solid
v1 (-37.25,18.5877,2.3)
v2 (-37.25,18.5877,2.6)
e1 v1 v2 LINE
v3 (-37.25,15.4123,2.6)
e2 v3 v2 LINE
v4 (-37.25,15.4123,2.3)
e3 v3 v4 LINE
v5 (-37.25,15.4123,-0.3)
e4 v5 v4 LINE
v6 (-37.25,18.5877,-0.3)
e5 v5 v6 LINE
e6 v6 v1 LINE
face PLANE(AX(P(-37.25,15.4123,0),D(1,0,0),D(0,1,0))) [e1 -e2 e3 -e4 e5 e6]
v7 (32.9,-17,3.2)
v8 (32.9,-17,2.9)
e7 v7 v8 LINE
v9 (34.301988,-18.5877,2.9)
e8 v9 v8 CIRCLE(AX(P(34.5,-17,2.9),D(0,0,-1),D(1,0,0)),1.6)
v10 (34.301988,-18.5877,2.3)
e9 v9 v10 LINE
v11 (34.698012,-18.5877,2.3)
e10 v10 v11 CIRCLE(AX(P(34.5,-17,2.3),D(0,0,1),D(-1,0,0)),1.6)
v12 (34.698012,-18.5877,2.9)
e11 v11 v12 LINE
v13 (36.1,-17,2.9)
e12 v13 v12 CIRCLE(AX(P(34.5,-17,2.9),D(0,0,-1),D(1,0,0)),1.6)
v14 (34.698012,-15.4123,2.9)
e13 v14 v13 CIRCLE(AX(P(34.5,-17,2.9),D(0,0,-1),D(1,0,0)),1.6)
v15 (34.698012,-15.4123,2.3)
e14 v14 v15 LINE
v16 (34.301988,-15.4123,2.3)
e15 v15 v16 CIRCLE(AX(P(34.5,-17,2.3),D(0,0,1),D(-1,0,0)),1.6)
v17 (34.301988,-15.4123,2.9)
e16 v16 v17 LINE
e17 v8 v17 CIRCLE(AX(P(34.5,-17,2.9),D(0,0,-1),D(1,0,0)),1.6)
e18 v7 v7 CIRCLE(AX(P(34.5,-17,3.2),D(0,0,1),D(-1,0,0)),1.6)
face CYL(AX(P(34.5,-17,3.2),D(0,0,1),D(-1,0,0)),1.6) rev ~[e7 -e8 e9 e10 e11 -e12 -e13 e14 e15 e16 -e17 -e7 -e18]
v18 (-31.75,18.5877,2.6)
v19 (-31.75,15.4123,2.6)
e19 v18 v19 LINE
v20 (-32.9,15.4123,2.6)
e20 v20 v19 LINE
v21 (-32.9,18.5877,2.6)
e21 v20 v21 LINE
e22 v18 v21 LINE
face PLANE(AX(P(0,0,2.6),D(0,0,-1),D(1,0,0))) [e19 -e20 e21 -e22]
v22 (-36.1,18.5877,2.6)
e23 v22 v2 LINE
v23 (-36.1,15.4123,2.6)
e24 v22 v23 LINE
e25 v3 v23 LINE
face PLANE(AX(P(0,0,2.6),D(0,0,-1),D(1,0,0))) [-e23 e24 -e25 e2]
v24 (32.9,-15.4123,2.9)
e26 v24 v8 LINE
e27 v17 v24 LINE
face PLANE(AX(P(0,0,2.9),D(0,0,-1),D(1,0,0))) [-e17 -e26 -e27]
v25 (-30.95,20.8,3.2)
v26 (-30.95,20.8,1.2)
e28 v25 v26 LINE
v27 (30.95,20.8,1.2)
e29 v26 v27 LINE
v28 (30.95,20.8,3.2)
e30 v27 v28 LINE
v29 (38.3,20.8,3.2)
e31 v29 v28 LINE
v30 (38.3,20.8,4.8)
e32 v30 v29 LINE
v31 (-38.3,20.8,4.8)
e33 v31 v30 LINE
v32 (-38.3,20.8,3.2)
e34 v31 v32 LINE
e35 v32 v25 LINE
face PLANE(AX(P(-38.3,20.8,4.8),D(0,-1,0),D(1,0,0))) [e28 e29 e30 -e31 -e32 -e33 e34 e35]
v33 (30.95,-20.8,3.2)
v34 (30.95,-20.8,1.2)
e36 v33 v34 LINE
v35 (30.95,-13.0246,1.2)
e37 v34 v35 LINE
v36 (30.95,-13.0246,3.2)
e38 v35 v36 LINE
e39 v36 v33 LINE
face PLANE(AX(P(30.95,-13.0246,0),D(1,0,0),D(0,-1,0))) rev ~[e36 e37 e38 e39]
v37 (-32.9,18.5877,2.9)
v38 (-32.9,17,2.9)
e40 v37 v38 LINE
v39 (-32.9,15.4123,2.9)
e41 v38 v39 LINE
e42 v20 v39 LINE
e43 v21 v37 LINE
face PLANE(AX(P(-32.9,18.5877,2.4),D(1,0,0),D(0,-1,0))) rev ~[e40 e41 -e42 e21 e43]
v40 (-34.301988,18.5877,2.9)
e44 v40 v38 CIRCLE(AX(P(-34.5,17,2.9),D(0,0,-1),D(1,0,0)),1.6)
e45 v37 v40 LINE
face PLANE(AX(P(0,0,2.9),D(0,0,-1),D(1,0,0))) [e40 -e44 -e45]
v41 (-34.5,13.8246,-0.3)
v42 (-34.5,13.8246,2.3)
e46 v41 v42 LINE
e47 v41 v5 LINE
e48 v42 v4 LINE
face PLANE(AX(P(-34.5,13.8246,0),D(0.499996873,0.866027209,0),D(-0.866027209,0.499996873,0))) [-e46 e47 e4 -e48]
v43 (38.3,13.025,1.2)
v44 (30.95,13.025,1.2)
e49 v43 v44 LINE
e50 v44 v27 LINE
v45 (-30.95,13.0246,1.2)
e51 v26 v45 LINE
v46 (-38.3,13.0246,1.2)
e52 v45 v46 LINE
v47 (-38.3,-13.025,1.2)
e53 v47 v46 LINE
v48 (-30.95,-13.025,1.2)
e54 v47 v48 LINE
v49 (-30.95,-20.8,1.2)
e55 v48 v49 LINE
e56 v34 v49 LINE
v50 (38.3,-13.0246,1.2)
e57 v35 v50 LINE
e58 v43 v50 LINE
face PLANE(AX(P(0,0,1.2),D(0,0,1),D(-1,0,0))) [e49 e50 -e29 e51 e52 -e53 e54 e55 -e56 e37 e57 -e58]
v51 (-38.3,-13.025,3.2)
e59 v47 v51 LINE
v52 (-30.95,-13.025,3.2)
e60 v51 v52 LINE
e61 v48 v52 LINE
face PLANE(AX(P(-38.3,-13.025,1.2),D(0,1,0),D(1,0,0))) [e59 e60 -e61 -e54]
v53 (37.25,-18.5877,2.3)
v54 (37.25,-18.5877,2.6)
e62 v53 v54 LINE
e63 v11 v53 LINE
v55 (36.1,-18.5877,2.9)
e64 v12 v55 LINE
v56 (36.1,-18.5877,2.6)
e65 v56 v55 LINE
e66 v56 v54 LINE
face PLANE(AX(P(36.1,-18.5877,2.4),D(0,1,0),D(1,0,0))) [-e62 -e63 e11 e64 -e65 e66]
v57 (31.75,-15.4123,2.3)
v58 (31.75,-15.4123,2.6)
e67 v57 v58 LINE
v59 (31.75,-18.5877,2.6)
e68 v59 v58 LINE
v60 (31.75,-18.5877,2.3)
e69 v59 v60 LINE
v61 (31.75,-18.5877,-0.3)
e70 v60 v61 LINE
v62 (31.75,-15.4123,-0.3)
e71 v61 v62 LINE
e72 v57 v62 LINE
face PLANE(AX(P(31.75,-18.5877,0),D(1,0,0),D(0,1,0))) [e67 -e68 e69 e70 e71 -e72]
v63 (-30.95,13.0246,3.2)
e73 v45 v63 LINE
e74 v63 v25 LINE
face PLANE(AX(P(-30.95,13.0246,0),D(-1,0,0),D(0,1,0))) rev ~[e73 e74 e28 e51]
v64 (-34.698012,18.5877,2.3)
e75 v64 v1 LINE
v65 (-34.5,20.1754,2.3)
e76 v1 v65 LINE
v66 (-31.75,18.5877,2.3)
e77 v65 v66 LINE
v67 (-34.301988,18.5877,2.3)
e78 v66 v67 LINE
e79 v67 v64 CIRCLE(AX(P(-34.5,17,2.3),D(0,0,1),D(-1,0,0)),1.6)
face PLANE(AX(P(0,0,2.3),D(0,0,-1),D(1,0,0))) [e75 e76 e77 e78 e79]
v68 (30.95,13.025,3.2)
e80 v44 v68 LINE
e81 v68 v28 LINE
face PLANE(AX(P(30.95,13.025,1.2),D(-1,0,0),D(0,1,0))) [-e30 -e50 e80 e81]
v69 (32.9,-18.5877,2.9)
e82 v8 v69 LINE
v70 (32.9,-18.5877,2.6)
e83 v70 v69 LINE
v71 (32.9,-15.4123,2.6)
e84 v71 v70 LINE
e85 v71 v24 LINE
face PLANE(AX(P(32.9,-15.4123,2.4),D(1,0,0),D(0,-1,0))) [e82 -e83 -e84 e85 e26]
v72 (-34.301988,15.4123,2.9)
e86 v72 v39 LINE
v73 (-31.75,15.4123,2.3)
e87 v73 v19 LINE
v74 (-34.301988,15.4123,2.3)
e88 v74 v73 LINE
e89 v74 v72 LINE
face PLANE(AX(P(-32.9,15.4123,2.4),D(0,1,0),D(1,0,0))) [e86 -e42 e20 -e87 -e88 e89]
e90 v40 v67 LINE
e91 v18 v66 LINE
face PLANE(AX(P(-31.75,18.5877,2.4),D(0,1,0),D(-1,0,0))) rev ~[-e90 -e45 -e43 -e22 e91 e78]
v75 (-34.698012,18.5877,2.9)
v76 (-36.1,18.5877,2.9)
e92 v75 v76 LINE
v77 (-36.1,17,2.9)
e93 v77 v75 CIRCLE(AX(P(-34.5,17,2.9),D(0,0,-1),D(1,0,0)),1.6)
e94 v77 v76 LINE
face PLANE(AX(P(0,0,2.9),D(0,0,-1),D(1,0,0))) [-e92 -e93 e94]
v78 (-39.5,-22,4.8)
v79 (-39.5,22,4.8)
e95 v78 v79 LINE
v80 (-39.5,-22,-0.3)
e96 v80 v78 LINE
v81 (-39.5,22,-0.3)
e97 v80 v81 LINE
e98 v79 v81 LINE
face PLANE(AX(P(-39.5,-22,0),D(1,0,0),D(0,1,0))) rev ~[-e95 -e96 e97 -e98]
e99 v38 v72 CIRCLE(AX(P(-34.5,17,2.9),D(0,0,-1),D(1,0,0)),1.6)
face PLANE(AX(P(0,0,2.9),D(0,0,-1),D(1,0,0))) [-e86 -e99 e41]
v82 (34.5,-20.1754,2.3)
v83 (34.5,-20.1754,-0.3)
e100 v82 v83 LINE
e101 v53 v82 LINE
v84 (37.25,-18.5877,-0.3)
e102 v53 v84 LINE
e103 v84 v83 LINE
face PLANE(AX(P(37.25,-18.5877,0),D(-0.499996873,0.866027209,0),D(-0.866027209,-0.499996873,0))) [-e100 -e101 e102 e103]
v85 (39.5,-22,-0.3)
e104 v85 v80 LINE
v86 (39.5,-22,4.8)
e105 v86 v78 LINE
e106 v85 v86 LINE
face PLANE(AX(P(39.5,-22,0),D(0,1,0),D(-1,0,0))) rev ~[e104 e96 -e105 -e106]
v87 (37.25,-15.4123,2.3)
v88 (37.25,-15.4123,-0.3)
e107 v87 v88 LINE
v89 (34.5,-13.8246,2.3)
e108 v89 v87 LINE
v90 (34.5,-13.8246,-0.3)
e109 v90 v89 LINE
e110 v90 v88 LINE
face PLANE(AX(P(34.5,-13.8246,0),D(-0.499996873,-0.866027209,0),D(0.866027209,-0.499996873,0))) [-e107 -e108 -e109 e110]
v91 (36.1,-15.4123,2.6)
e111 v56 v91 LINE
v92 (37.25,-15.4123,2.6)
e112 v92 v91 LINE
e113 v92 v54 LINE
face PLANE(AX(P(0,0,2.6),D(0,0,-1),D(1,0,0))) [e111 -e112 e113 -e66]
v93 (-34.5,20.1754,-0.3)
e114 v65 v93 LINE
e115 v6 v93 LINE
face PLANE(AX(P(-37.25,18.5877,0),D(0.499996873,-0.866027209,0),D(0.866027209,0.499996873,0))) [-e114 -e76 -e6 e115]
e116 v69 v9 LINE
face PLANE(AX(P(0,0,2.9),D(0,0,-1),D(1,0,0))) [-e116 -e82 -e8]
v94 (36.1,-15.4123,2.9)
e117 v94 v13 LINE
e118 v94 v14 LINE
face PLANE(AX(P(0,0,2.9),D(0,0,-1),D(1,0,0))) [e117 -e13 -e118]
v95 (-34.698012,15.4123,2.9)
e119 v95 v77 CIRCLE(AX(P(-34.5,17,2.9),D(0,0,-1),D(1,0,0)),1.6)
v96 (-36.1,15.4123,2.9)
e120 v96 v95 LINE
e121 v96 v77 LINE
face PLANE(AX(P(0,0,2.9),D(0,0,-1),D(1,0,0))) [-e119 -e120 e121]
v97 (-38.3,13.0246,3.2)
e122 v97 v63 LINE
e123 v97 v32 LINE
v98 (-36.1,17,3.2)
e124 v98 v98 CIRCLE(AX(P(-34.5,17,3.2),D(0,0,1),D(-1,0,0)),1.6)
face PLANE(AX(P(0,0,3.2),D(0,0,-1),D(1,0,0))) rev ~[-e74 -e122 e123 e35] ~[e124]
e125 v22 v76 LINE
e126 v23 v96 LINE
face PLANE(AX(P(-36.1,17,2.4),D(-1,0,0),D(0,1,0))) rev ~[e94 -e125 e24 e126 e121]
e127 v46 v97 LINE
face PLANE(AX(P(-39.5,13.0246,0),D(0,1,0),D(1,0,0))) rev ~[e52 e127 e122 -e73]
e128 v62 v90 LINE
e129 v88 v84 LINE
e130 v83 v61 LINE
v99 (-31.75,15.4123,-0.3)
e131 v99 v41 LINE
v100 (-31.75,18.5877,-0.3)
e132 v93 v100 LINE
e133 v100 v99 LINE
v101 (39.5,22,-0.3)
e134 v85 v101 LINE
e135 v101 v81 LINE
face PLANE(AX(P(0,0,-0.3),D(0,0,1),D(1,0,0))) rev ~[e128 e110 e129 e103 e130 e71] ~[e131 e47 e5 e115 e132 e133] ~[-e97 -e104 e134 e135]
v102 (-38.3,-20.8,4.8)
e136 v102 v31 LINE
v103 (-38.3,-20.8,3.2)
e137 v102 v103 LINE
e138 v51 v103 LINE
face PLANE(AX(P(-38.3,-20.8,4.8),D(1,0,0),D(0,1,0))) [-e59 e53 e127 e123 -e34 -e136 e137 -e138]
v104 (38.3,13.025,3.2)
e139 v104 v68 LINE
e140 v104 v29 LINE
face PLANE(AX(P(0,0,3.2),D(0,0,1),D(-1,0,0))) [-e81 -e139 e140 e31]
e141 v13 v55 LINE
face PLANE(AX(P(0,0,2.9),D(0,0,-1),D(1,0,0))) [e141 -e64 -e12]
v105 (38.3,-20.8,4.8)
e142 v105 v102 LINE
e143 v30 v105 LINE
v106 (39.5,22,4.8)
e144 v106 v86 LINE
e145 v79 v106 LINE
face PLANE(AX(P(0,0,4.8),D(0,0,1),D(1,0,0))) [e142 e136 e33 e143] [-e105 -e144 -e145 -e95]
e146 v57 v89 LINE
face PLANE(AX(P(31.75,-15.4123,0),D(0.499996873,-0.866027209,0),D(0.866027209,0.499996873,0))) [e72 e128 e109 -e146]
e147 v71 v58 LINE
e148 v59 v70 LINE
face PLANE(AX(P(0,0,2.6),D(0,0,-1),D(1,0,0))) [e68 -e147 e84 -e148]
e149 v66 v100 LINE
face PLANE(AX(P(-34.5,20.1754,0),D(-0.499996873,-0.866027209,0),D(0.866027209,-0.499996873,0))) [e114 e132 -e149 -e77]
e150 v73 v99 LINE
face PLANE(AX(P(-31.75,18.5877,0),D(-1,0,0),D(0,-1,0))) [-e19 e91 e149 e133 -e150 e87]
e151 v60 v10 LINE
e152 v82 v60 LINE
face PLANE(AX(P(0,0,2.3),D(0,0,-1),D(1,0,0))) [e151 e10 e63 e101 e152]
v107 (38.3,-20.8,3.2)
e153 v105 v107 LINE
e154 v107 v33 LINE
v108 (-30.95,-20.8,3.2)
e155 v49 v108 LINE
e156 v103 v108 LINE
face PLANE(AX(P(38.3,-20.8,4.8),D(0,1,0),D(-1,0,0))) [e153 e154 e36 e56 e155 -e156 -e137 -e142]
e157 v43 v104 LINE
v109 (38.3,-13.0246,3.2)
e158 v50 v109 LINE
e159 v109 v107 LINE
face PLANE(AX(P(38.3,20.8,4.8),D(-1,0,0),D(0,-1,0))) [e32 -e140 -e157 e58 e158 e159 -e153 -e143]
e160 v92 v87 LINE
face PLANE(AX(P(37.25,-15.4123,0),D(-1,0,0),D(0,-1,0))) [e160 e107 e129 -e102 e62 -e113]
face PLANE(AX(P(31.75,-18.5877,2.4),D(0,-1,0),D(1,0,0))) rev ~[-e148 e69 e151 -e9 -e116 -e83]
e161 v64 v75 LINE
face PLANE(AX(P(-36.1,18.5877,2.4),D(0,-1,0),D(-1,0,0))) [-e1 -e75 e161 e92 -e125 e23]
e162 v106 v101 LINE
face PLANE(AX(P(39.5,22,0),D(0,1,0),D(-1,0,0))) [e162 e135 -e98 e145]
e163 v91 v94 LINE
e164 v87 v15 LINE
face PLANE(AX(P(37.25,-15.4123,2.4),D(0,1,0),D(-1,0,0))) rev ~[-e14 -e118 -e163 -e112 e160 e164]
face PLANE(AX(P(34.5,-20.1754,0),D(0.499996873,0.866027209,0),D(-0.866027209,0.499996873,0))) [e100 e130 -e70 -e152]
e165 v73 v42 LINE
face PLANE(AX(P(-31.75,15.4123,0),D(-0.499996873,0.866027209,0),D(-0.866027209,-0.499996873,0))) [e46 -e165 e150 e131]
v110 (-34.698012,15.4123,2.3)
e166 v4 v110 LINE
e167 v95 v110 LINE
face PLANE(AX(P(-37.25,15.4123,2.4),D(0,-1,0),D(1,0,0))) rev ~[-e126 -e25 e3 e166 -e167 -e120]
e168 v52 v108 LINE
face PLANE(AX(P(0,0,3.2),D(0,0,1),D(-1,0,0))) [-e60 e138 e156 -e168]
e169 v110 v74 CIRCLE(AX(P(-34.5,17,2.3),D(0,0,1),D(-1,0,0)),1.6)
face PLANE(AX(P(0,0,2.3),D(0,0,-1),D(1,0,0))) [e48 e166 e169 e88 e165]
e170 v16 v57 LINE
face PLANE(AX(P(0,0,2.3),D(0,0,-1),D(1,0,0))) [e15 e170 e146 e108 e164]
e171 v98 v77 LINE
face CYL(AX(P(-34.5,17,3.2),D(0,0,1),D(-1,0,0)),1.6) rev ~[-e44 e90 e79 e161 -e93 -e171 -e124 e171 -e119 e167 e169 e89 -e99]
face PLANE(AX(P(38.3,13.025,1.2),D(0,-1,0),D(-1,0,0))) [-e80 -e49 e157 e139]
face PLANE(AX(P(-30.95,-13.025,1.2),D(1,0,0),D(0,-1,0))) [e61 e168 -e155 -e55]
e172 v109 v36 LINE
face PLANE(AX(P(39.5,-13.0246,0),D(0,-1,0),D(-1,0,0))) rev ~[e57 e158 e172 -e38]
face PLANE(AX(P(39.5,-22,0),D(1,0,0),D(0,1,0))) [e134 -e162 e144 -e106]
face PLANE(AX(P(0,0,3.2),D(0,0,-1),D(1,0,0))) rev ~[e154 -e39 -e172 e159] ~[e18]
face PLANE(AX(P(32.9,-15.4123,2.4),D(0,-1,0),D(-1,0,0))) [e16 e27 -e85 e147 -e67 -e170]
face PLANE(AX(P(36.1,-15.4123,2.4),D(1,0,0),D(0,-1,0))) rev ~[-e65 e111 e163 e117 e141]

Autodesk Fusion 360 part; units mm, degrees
sketch "Sketch1" plane through (0, 0, 0) normal (0, 0, 1) x (1, 0, 0)
  line L0 (-39.5, 22) -> (39.5, 22)
  line L1 (39.5, 22) -> (39.5, -22)
  line L2 (39.5, -22) -> (-39.5, -22)
  line L3 (-39.5, -22) -> (-39.5, 22)
  dimension "d1" = 79
  dimension "d2" = 44
  dimension "d3" = 39.5
  dimension "d4" = 22
extrude "Extrude1" add sketch "Sketch1" along normal blind 4.8
sketch "Sketch2" plane through (0, 0, 4.8) normal (0, 0, 1) x (-1, 0, 0)
  line L0 (39.5, 22) -> (-39.5, 22)
  line L1 (-39.5, 22) -> (-39.5, -22)
  line L2 (-39.5, -22) -> (39.5, -22)
  line L3 (39.5, -22) -> (39.5, 22)
  line L4 (38.3, -20.8) -> (-38.3, -20.8)
  line L5 (-38.3, -20.8) -> (-38.3, 20.8)
  line L6 (-38.3, 20.8) -> (38.3, 20.8)
  line L7 (38.3, 20.8) -> (38.3, -20.8)
  dimension "d7" = 76.6
  dimension "d8" = 41.6
  dimension "d9" = 1.2
  dimension "d10" = 1.2
extrude "Extrude2" cut sketch "Sketch2" against normal blind 3.6 contours L4 L5 L6 L7
sketch "Sketch3" plane through (0, 0, 1.2) normal (0, 0, 1) x (-1, 0, 0)
  line L0 (38.3, 20.8) -> (-38.3, 20.8)
  line L1 (-38.3, 20.8) -> (-38.3, -20.8)
  line L2 (-38.3, -20.8) -> (38.3, -20.8)
  line L3 (38.3, -20.8) -> (38.3, 20.8)
  circle A0 centre (-32.9, -15.4) radius 3.25
  line L4 (39.5, -22) -> (-39.5, -22)
  line L5 (-39.5, -22) -> (-39.5, 22)
  line L6 (39.5, 22) -> (39.5, -22)
  line L7 (-39.5, 22) -> (39.5, 22)
  circle A1 centre (32.9, 15.4) radius 3.25
  line L8 (39.5, 22) -> (39.5, -22)
  line L9 (-39.5, 22) -> (39.5, 22)
  dimension "d13" = 6.5
  dimension "d14" = 6.6
  dimension "d15" = 6.6
  dimension "d29" = 6.5
  dimension "d30" = 6.6
  dimension "d31" = 6.6
sketch "Sketch5" plane through (0, 0, 1.2) normal (0, 0, 1) x (1, 0, 0)
extrude "Extrude4" add sketch "Sketch3" along normal blind 2 contours A1
extrude "Extrude5" cut 1 faces at (-34.1709, -16.2087, 3.2) along direction (0, 0, -1) blind 2
sketch "Sketch6" plane through (0, 0, 0) normal (0, 0, -1) x (1, 0, 0)
  line L0 (39.5, 22) -> (-39.5, 22)
  line L1 (-39.5, 22) -> (-39.5, -22)
  line L2 (-39.5, -22) -> (39.5, -22)
  line L3 (39.5, -22) -> (39.5, 22)
  line L4 (-31.75, 15.4123) -> (-31.75, 18.5877)
  line L5 (-31.75, 18.5877) -> (-34.5, 20.1754)
  line L6 (-34.5, 20.1754) -> (-37.25, 18.5877)
  line L7 (-37.25, 18.5877) -> (-37.25, 15.4123)
  line L8 (-37.25, 15.4123) -> (-34.5, 13.8246)
  line L9 (-34.5, 13.8246) -> (-31.75, 15.4123)
  line L10 (-31.35, 22) -> (-31.35, 13.4246)
  line L11 (-31.35, 13.4246) -> (-39.5, 13.4246)
  point P0 (-34.5, 17)
  dimension "d36" = 2.75
  dimension "d37" = 5
  dimension "d38" = 5
  dimension "d50" = 0.4
  dimension "d51" = 0.4
sketch "Sketch9" plane through (0, 0, 0) normal (0, 0, -1) x (1, 0, 0)
  line L0 (-37.25, -15.4123) -> (-37.25, -18.5877)
  line L1 (-37.25, -18.5877) -> (-34.5, -20.1754)
  line L2 (-34.5, -20.1754) -> (-31.75, -18.5877)
  line L3 (-31.75, -18.5877) -> (-31.75, -15.4123)
  line L4 (-31.75, -15.4123) -> (-34.5, -13.8246)
  line L5 (-34.5, -13.8246) -> (-37.25, -15.4123)
  line L6 (-39.5, 22) -> (-39.5, -22)
  line L7 (-39.5, -22) -> (39.5, -22)
  line L8 (-39.5, -13.0246) -> (-30.95, -13.0246)
  line L9 (-30.95, -13.0246) -> (-30.95, -22)
  point P0 (-34.5, -17)
  dimension "d61" = 2.75
  dimension "d62" = 5
  dimension "d63" = 5
  dimension "d64" = 0.8
  dimension "d65" = 0.8
extrude "Extrude11" add sketch "Sketch9" against normal blind 3.2 contours L0 L1 L2 L3 L4 L5 | L6 L7 L8 L9
extrude "Extrude12" cut sketch "Sketch9" against normal blind 2.4 contours L0 L1 L2 L3 L4 L5
sketch "Sketch10" plane through (0, 0, 3.2) normal (0, 0, 1) x (-1, 0, 0)
  line L0 (38.3, -20.8) -> (38.3, -13.0246)
  line L1 (38.3, -13.0246) -> (30.95, -13.0246)
  line L2 (30.95, -13.0246) -> (30.95, -20.8)
  line L3 (30.95, -20.8) -> (38.3, -20.8)
  circle A0 centre (34.5, -17) radius 1.6
  line L4 (39.5, 22) -> (39.5, -22)
  line L5 (39.5, -22) -> (-39.5, -22)
  dimension "d70" = 3.2
  dimension "d71" = 5
  dimension "d72" = 5
extrude "Extrude13" cut sketch "Sketch10" against normal blind 3.2 contours A0
sketch "Sketch11" plane through (0, 0, 0) normal (0, 0, -1) x (1, 0, 0)
  line L0 (37.25, 15.4123) -> (37.25, 18.5877)
  line L1 (37.25, 18.5877) -> (34.5, 20.1754)
  line L2 (34.5, 20.1754) -> (31.75, 18.5877)
  line L3 (31.75, 18.5877) -> (31.75, 15.4123)
  line L4 (31.75, 15.4123) -> (34.5, 13.8246)
  line L5 (34.5, 13.8246) -> (37.25, 15.4123)
  line L6 (39.5, -22) -> (39.5, 22)
  line L7 (39.5, 22) -> (-39.5, 22)
  line L8 (39.5, 13.0246) -> (30.95, 13.0246)
  line L9 (30.95, 13.0246) -> (30.95, 22)
  point P0 (34.5, 17)
  dimension "d75" = 2.75
  dimension "d76" = 5
  dimension "d77" = 5
  dimension "d78" = 0.8
  dimension "d79" = 0.8
extrude "Extrude14" add sketch "Sketch11" against normal blind 3.2 contours L0 L1 L2 L3 L4 L5 | L6 L7 L8 L9
extrude "Extrude15" cut sketch "Sketch11" against normal blind 2.4 contours L0 L1 L2 L3 L4 L5
sketch "Sketch12" plane through (0, 0, 3.2) normal (0, 0, 1) x (-1, 0, 0)
  line L0 (-38.3, 20.8) -> (-38.3, 13.0246)
  line L1 (-38.3, 13.0246) -> (-30.95, 13.0246)
  line L2 (-30.95, 13.0246) -> (-30.95, 20.8)
  line L3 (-30.95, 20.8) -> (-38.3, 20.8)
  circle A0 centre (-34.5, 17) radius 1.6
  line L4 (-39.5, -22) -> (-39.5, 22)
  line L5 (-39.5, 22) -> (39.5, 22)
  dimension "d84" = 3.2
  dimension "d85" = 5
  dimension "d86" = 5
extrude "Extrude16" cut sketch "Sketch12" against normal blind 3.2 contours A0
sketch "Sketch14" plane through (0, 0, 2.4) normal (0, 0, -1) x (1, 0, 0)
  circle A0 centre (-34.5, -17) radius 1.6
  line L0 (-34.5, -13.8246) -> (-37.25, -15.4123)
  line L1 (-37.25, -15.4123) -> (-37.25, -18.5877)
  line L2 (-37.25, -18.5877) -> (-34.5, -20.1754)
  line L3 (-34.5, -20.1754) -> (-31.75, -18.5877)
  line L4 (-31.75, -18.5877) -> (-31.75, -15.4123)
  line L5 (-31.75, -15.4123) -> (-34.5, -13.8246)
  line L6 (-37.25, -15.4123) -> (-31.75, -15.4123)
  line L7 (-31.75, -18.5877) -> (-37.25, -18.5877)
  line L8 (-36.1, -15.4123) -> (-36.1, -18.5877)
  line L9 (-32.9, -18.5877) -> (-32.9, -15.4123)
sketch "Sketch15" plane through (0, 0, 2.4) normal (0, 0, -1) x (1, 0, 0)
  circle A0 centre (34.5, 17) radius 1.6
  line L0 (34.5, 13.8246) -> (37.25, 15.4123)
  line L1 (37.25, 15.4123) -> (37.25, 18.5877)
  line L2 (37.25, 18.5877) -> (34.5, 20.1754)
  line L3 (34.5, 20.1754) -> (31.75, 18.5877)
  line L4 (31.75, 18.5877) -> (31.75, 15.4123)
  line L5 (31.75, 15.4123) -> (34.5, 13.8246)
  line L6 (31.75, 18.5877) -> (37.25, 18.5877)
  line L7 (37.25, 15.4123) -> (31.75, 15.4123)
  line L8 (32.9, 15.4123) -> (32.9, 18.5877)
  line L9 (36.1, 15.4123) -> (36.1, 18.5877)
extrude "Extrude17" cut sketch "Sketch14" sketch "Sketch15" against normal blind 0.5 contours A0 L7 L9 | A0 L6 L9 | A0 L6 L8 | A0 L7 L8 of sketch 2 contours A0 L7 L9 | A0 L6 L9 | A0 L6 L8 | A0 L7 L8
extrude "Extrude18" cut sketch "Sketch14" sketch "Sketch15" against normal blind 0.2 contours L4 L6 L7 L9 | L1 L6 L7 L8 of sketch 2 contours L1 L6 L7 L9 | L4 L6 L7 L8
extrude "Extrude19" add 4 faces at (35.4826, -19.117, 2.4) (35.4826, -14.883, 2.4) (-33.5174, 14.883, 2.4) (-33.5174, 19.117, 2.4) along direction (0, 0, -1) blind 0.1
sketch "Sketch16" plane through (0, 0, 1.2) normal (0, 0, 1) x (-1, 0, 0)
  line L0 (-30.95, 13.0246) -> (-38.3, 13.0246)
  line L1 (-38.3, 13.0246) -> (-38.3, -20.8)
  line L2 (-38.3, -20.8) -> (30.95, -20.8)
  line L3 (30.95, -20.8) -> (30.95, -13.0246)
  line L4 (30.95, -13.0246) -> (38.3, -13.0246)
  line L5 (38.3, -13.0246) -> (38.3, 20.8)
  line L6 (38.3, 20.8) -> (-30.95, 20.8)
  line L7 (-30.95, 20.8) -> (-30.95, 13.0246)
  line L8 (-30.95, -20.8) -> (-38.3, -20.8)
  line L9 (-38.3, -20.8) -> (-38.3, -13.025)
  line L10 (-38.3, -13.025) -> (-30.95, -13.025)
  line L11 (-30.95, -13.025) -> (-30.95, -20.8)
  line L12 (38.3, 20.8) -> (38.3, 13.025)
  line L13 (38.3, 13.025) -> (30.95, 13.025)
  line L14 (30.95, 20.8) -> (38.3, 20.8)
  line L15 (30.95, 13.025) -> (30.95, 20.8)
  dimension "d95" = 7.35
  dimension "d96" = 7.775
  dimension "d97" = 7.35
  dimension "d98" = 7.775
extrude "Extrude20" add sketch "Sketch16" along normal blind 2 contours L1 L2 L8 L9 L10 L11 | L5 L6 L12 L13 L14 L15
extrude "Extrude21" add 1 faces at (-13.1667, -7.3333, 0) along direction (0, 0, -1) blind 0.3
